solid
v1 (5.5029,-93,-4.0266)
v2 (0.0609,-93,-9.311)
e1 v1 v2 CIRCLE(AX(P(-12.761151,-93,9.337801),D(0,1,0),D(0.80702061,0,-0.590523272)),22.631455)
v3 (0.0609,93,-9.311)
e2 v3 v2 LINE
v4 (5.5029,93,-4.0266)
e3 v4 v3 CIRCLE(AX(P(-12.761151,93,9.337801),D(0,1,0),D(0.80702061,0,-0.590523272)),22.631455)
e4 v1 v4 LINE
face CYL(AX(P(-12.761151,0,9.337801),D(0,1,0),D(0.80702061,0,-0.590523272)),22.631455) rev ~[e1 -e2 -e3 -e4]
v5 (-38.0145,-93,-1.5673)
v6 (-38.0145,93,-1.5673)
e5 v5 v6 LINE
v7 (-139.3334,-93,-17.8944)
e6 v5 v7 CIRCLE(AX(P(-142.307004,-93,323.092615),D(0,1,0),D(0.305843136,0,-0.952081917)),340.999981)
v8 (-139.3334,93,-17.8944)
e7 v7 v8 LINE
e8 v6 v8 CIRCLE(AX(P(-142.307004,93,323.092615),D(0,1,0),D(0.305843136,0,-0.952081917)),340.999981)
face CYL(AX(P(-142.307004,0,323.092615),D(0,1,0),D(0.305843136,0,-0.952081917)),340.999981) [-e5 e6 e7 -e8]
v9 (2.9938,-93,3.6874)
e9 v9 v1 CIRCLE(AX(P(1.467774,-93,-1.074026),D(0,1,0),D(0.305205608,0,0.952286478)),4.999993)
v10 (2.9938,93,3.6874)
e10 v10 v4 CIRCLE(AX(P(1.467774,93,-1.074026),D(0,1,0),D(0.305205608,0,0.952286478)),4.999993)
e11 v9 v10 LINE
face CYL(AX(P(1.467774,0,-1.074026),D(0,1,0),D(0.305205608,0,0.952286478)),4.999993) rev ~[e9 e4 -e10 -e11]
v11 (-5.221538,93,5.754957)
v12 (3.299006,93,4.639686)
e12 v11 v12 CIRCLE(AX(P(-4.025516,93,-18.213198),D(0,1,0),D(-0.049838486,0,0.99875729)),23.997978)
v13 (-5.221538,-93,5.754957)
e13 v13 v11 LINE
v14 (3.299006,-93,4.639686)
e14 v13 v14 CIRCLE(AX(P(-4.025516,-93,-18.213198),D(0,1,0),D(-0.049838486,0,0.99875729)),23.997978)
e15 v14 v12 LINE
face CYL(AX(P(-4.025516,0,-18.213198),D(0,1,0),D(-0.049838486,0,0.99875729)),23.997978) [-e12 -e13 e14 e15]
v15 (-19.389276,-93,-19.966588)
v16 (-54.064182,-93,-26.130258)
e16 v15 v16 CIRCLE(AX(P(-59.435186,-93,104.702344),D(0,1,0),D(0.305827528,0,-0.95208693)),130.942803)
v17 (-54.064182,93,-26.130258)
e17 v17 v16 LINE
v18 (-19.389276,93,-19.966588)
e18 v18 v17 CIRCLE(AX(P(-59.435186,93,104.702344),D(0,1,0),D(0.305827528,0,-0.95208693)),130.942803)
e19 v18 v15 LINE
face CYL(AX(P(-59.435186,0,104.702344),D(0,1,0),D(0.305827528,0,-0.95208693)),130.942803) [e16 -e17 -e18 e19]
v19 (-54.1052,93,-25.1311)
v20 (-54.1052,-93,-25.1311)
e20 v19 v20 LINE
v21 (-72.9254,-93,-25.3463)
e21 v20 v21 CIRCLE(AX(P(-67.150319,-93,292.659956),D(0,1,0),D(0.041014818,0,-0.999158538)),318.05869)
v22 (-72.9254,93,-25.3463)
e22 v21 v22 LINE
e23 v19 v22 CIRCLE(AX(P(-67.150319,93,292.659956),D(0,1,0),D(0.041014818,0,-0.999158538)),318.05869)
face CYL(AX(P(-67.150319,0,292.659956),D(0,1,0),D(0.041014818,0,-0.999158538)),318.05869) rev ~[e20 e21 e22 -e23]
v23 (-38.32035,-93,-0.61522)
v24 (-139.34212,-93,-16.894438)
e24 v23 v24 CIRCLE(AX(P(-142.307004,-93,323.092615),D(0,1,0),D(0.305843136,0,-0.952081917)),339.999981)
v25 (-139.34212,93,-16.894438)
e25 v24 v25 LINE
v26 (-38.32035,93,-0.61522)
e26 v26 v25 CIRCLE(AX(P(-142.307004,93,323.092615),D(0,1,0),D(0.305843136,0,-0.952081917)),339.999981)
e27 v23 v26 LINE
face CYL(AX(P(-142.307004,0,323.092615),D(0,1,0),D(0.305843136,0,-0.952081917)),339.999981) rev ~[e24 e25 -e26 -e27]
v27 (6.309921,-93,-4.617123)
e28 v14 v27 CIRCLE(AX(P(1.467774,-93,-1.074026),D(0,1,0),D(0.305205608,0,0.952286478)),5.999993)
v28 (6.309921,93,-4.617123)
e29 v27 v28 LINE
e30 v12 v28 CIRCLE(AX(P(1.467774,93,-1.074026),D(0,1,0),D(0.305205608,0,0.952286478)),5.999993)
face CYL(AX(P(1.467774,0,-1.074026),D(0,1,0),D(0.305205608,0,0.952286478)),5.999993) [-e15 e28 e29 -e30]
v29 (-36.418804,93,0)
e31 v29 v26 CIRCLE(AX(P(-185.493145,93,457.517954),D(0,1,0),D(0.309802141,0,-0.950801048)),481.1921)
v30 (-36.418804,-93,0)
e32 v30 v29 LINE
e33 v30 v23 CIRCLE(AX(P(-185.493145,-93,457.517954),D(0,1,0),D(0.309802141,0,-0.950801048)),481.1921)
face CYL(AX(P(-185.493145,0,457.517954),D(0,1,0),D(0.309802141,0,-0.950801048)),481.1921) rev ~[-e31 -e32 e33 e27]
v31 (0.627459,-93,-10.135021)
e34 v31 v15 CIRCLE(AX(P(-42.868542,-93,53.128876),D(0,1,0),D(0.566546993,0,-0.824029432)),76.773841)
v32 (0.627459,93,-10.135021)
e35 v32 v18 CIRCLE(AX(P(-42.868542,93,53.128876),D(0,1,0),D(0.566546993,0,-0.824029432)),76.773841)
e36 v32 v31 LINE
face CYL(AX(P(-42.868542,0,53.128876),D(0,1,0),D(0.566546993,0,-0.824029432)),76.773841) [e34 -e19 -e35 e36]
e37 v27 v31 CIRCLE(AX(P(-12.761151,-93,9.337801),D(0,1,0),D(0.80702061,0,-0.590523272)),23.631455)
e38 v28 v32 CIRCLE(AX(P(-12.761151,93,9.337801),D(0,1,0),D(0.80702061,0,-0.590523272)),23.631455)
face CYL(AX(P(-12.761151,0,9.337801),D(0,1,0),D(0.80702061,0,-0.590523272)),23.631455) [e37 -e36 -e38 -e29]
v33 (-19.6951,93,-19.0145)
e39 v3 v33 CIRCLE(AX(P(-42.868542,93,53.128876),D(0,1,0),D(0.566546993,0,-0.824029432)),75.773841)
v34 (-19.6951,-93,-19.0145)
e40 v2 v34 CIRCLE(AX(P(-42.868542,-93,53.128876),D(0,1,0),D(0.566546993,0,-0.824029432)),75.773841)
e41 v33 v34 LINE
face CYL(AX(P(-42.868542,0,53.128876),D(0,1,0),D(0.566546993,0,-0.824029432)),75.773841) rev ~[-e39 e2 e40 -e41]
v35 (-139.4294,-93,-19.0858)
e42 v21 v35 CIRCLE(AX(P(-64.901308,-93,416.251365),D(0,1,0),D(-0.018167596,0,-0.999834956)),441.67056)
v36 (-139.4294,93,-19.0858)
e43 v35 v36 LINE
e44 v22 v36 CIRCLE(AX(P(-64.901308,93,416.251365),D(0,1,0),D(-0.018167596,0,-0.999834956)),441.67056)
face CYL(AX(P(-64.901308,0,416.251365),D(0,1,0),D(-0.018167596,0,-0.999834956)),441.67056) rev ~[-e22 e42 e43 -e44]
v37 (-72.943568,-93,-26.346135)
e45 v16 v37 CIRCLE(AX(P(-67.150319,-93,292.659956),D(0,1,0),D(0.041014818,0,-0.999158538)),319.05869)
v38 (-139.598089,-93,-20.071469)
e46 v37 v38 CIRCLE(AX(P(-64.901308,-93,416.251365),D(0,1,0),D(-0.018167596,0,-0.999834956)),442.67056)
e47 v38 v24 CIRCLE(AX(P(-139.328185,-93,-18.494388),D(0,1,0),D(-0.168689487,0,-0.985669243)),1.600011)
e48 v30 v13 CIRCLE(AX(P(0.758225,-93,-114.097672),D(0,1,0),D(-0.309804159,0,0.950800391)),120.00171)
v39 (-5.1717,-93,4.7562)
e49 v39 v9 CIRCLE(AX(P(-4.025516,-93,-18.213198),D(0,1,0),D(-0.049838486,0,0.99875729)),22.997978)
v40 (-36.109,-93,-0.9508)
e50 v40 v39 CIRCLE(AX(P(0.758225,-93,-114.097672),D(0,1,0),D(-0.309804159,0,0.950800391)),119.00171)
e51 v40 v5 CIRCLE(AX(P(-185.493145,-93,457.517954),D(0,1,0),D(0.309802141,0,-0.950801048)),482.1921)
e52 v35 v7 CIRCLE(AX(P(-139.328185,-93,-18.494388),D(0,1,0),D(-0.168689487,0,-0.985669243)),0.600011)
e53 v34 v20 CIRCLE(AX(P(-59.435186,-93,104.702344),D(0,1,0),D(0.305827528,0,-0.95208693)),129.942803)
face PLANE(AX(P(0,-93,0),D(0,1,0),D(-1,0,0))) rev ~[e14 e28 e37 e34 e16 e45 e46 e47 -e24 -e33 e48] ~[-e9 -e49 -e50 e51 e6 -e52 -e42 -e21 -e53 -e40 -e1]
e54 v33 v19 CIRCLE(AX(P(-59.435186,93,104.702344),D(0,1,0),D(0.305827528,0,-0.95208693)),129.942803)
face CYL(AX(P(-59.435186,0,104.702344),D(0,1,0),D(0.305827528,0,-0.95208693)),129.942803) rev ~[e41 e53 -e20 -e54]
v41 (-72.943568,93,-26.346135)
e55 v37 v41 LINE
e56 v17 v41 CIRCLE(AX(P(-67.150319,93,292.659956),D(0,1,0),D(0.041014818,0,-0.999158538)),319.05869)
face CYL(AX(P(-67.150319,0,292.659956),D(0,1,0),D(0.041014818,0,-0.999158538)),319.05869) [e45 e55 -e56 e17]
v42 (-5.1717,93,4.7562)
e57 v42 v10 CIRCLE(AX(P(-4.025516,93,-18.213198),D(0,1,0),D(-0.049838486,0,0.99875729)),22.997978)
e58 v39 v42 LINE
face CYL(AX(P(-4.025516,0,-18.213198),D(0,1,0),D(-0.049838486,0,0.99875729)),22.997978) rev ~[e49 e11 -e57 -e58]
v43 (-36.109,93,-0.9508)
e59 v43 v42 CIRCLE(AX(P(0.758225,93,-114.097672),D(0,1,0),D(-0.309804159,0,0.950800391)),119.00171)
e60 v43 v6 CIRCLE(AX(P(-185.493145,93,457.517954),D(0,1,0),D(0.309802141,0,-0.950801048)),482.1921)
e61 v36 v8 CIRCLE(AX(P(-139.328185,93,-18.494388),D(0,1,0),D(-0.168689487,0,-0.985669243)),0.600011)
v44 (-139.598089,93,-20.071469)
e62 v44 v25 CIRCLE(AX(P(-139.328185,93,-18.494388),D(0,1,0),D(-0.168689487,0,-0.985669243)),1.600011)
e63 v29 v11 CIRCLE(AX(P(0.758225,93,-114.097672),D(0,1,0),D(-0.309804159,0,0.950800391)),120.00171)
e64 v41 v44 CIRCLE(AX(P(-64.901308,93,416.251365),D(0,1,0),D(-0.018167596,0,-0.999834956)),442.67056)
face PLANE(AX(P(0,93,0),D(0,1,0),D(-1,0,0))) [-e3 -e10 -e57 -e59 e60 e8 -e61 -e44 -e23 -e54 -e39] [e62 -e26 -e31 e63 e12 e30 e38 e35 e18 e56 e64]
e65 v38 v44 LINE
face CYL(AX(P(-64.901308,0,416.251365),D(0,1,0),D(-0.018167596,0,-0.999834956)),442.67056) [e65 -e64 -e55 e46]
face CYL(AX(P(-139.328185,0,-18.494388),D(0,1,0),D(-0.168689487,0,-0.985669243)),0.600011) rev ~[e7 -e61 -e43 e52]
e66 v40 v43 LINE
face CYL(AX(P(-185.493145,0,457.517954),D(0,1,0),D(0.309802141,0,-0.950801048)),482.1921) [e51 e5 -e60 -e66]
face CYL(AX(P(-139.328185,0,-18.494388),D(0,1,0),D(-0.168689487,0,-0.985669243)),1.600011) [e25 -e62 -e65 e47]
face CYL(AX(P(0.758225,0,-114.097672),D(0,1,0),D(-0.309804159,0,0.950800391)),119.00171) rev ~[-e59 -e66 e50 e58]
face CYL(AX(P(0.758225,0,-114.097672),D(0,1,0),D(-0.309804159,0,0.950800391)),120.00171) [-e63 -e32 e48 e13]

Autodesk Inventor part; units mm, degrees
ref_plane "YZ Plane" through (0, 0, 0) normal (1, 0, 0) x (0, 1, 0)
ref_plane "XZ Plane" through (0, 0, 0) normal (0, 1, 0) x (-1, 0, 0)
ref_plane "XY Plane" through (0, 0, 0) normal (0, 0, 1) x (1, 0, 0)
sketch "スケッチ1" plane through (0, 0, 0) normal (0, 1, 0) x (-1, 0, 0)
  arc A0 (72.9254, -25.3463) -> (139.4294, -19.0858) centre (64.9013, 416.2515) ccw projected
  arc A1 (54.1052, -25.1311) -> (72.9254, -25.3463) centre (67.1484, 292.5868) ccw projected
  arc A2 (19.6951, -19.0145) -> (54.1052, -25.1311) centre (59.4352, 104.7024) ccw projected
  arc A3 (-0.0609, -9.311) -> (19.6951, -19.0145) centre (42.8692, 53.13) ccw projected
  arc A4 (-5.5029, -4.0266) -> (-0.0609, -9.311) centre (12.76, 9.3368) ccw projected
  arc A5 (-2.9938, 3.6874) -> (-5.5029, -4.0266) centre (-1.4678, -1.074) ccw projected
  arc A6 (5.1717, 4.7562) -> (-2.9938, 3.6874) centre (4.0256, -18.2153) ccw projected
  arc A7 (36.109, -0.9508) -> (5.1717, 4.7562) centre (-0.7578, -114.096) ccw projected
  arc A8 (36.109, -0.9508) -> (38.0145, -1.5673) centre (185.125, 456.3841) ccw projected
  arc A9 (38.0145, -1.5673) -> (139.3334, -17.8944) centre (142.307, 323.0926) ccw projected
  arc A10 (139.4294, -19.0858) -> (139.3334, -17.8944) centre (139.3282, -18.4944) ccw projected
  circle A11 centre (6.8478, -1.4519) radius 3 projected
  circle A12 centre (92.934, -19.7045) radius 3 projected
  point P0 (0, 0)
extrude "押し出し1" add sketch "スケッチ1" along normal mid plane 186 contours A1 A2 A3 A4 A5 A6 A7 A8 A9 A10 A0 | A11 | A12
shell "シェル1" thickness 1 outward yes removed faces 2 at (-47.7634, 93, -11.4021) at (-47.7634, -93, -11.4021)
properties part number "GFRP_sub"
